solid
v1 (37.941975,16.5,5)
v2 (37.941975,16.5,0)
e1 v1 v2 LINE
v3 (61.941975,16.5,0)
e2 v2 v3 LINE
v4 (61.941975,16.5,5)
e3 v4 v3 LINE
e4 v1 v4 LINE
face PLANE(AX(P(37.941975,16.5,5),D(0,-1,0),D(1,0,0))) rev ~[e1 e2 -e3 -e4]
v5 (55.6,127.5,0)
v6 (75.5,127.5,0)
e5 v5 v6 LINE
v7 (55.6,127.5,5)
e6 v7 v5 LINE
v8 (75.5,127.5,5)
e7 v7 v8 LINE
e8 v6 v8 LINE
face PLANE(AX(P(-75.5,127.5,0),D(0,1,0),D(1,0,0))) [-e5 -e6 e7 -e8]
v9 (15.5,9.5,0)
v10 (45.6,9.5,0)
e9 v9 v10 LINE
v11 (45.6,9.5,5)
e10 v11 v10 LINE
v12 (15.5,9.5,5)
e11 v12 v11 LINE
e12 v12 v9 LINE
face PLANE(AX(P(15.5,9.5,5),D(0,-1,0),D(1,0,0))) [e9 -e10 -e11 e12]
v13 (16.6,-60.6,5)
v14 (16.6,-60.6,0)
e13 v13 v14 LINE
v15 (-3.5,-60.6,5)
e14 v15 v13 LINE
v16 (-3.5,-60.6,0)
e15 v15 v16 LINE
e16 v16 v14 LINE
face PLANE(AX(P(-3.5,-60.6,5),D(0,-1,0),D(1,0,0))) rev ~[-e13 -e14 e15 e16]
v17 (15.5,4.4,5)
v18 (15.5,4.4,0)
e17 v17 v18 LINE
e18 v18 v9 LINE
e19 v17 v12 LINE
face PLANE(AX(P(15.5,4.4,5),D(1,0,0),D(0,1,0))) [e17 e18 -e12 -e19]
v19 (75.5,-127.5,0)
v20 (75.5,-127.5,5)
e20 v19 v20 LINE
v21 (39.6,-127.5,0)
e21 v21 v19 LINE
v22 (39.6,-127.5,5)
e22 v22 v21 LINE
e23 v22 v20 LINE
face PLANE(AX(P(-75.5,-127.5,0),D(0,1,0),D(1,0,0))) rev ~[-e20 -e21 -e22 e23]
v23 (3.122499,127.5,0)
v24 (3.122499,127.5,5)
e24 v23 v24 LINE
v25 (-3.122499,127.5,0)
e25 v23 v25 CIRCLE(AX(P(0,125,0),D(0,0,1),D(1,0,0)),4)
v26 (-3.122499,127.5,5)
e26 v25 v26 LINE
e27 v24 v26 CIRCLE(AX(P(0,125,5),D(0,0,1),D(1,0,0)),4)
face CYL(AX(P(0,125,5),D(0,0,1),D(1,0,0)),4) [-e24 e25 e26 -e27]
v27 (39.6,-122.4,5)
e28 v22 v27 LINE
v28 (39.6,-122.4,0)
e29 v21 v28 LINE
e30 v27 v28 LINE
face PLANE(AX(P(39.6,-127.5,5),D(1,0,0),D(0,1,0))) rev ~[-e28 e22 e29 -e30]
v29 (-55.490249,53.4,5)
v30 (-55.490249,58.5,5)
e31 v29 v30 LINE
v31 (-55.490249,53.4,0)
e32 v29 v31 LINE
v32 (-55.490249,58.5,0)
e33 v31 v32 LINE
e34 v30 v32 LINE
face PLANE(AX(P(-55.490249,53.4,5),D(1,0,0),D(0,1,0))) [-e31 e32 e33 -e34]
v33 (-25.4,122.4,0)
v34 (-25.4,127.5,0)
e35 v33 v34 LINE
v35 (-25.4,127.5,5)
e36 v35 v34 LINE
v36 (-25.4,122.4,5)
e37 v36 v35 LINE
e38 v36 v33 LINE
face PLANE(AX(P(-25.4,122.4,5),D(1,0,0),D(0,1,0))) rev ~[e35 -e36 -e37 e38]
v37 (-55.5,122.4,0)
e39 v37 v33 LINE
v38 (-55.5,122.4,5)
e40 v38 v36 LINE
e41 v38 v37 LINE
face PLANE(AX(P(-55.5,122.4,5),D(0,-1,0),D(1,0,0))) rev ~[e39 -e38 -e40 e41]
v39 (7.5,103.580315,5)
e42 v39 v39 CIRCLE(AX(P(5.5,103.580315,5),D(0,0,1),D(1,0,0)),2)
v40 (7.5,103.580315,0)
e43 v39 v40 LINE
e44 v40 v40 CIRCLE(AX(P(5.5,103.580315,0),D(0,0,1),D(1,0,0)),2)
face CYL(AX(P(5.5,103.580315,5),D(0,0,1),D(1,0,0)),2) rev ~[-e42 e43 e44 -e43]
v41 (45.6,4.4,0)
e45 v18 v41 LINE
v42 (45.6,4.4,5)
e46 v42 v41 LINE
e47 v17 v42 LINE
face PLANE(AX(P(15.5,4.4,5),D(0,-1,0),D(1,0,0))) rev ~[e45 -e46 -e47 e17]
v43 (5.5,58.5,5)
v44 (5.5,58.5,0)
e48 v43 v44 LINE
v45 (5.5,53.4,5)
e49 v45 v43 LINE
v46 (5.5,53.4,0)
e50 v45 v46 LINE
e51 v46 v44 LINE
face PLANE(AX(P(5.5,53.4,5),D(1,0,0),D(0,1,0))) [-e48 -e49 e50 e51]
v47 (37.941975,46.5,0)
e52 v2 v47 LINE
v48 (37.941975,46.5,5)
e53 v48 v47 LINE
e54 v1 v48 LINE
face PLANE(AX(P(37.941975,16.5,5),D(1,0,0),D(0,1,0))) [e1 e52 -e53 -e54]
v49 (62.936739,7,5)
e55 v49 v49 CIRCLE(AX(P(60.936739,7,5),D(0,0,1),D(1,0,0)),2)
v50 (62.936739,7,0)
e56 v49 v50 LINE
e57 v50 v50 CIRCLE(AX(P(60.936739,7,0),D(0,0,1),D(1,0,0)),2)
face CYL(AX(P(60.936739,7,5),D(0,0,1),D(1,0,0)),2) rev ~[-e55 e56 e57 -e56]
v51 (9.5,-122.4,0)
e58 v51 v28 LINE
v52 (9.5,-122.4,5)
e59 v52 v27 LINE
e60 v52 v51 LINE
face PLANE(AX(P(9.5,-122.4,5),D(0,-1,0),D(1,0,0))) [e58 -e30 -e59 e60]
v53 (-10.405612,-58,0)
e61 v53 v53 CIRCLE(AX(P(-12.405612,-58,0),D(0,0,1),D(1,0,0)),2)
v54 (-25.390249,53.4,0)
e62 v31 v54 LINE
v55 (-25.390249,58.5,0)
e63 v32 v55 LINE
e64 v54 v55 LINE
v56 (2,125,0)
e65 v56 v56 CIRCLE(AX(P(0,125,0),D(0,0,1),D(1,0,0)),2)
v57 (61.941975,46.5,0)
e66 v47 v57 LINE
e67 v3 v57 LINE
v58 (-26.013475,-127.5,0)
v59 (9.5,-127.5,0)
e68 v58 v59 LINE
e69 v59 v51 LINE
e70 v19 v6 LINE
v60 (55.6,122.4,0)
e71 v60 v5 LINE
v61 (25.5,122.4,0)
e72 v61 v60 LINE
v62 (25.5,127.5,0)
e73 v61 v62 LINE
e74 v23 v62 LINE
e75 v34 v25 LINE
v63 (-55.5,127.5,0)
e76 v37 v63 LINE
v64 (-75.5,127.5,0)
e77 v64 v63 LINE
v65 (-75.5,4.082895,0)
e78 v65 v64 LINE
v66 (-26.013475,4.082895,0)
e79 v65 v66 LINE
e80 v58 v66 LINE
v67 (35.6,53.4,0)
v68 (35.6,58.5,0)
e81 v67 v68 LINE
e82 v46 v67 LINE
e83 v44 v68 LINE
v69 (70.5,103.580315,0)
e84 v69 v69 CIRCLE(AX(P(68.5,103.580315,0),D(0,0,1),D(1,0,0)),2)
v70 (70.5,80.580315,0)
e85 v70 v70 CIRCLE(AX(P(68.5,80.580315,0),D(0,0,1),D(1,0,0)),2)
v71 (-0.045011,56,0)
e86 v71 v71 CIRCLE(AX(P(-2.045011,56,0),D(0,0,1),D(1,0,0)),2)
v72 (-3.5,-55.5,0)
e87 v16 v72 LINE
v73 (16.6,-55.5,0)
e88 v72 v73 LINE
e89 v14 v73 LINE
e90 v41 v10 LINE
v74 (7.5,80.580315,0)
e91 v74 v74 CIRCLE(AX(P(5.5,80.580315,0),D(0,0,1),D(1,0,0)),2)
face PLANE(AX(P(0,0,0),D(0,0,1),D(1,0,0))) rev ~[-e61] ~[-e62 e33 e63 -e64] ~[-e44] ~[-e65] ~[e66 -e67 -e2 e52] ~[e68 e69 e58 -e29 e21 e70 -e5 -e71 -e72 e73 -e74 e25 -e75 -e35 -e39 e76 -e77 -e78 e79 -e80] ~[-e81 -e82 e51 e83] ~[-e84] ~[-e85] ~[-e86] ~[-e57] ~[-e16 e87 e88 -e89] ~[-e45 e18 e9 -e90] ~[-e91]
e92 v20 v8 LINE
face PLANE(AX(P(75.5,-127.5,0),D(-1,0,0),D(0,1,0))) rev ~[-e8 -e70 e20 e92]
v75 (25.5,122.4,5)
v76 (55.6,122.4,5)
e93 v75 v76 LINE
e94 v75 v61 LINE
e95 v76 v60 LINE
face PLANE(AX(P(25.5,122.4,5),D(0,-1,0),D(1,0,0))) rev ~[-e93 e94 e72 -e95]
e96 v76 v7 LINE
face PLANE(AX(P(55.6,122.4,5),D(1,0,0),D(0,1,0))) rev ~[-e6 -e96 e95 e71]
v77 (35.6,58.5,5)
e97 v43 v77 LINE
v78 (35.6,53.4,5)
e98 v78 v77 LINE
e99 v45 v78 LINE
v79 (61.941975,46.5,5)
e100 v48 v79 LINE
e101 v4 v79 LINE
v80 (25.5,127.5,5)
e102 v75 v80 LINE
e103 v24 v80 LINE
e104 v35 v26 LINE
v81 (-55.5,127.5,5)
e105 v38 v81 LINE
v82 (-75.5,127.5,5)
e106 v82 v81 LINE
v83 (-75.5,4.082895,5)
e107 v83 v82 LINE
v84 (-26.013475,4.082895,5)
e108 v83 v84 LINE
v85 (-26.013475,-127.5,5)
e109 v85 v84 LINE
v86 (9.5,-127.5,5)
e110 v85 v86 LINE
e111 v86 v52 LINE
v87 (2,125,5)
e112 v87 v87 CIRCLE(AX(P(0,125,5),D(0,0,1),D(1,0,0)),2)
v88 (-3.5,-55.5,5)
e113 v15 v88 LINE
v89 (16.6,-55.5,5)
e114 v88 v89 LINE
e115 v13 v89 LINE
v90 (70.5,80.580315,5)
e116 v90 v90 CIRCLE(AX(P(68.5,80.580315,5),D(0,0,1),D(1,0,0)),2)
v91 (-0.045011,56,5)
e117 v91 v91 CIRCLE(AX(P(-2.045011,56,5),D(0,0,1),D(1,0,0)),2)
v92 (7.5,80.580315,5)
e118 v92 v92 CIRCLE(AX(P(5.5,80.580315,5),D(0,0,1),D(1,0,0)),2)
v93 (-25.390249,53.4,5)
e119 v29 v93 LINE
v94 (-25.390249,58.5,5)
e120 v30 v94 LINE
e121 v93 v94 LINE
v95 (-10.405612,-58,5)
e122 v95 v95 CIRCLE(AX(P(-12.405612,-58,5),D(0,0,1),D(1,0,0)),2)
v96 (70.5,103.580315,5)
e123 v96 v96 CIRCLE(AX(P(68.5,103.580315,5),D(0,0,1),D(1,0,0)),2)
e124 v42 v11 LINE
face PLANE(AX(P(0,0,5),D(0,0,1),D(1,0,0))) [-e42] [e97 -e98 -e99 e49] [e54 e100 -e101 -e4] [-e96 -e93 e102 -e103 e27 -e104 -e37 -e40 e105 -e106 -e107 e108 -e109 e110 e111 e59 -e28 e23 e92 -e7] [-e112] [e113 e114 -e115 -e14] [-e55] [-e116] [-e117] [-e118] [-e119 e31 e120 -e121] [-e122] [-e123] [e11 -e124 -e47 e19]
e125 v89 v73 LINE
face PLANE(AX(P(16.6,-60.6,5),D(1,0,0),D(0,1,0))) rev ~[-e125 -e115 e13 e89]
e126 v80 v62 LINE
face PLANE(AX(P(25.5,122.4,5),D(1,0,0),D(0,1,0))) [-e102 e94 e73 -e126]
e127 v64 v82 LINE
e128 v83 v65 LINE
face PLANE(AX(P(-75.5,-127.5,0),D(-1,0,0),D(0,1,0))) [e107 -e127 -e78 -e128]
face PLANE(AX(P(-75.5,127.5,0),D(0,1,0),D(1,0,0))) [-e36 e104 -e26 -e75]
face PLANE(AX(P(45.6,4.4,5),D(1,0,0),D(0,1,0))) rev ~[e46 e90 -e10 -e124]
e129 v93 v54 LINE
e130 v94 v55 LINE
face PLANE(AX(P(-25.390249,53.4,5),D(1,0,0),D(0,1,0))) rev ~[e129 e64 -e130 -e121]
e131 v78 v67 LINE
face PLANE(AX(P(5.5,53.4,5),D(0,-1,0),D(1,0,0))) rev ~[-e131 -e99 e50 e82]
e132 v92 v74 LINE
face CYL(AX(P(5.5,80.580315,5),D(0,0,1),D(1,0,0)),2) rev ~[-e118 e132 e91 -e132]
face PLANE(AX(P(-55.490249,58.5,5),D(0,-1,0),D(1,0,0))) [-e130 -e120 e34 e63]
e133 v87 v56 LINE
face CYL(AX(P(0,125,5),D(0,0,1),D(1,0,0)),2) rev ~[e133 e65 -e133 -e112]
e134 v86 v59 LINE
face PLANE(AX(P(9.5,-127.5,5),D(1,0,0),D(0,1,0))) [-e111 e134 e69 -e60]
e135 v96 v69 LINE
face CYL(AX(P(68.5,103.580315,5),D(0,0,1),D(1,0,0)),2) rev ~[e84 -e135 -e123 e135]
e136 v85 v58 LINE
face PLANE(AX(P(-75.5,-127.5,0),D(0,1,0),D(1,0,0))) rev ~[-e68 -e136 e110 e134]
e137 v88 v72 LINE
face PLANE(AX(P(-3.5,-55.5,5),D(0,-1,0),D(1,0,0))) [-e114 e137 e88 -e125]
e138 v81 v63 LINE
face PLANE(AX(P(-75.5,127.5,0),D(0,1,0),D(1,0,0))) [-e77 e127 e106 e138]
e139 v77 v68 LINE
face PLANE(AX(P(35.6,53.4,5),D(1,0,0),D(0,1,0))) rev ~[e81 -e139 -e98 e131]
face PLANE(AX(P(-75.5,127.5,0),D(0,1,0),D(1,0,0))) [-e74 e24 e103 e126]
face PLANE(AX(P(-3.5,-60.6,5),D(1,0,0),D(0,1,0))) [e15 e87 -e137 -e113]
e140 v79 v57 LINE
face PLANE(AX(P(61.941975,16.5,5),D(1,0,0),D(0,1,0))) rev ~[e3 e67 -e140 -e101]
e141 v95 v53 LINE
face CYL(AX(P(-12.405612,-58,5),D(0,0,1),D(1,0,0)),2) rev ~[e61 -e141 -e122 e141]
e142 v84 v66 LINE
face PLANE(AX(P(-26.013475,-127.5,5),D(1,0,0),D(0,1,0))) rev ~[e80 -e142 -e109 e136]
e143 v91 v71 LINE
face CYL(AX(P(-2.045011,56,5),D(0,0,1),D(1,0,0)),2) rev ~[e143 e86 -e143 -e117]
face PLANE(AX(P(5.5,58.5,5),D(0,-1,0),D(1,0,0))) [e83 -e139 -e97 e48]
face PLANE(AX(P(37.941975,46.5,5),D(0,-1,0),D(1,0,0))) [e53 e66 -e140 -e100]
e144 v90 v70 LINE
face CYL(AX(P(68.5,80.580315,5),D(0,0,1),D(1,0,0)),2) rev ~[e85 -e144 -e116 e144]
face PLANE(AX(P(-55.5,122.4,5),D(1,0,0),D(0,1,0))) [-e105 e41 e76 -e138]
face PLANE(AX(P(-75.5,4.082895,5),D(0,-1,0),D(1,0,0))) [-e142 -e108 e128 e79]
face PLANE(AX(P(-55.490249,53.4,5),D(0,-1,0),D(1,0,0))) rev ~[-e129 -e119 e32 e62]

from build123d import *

# Parameters (mm, degrees)
SKETCH1_W           = 151
SKETCH1_H           = 255
BOSS_EXTRUDE1_DEPTH = 5
SKETCH2_W           = 49.486524855
SKETCH2_H           = 131.582895272
CUT_EXTRUDE1_DEPTH  = 5
SKETCH3_W           = 30.1
SKETCH3_H           = 5.1
SKETCH3_W_2         = 20.1
CUT_EXTRUDE2_DEPTH  = 5
SKETCH4_R           = 2
CUT_EXTRUDE3_DEPTH  = 5
SKETCH5_R           = 4
SKETCH5_R_2         = 2
BOSS_EXTRUDE2_DEPTH = 5
SKETCH6_W           = 24
SKETCH6_H           = 30
CUT_EXTRUDE4_DEPTH  = 5
SKETCH7_R           = 2
CUT_EXTRUDE5_DEPTH  = 10


with BuildPart() as part:
    # Sketch1 → Boss-Extrude1 (new body)
    with BuildSketch(Plane.XY):
        Rectangle(SKETCH1_W, SKETCH1_H)
    extrude(amount=BOSS_EXTRUDE1_DEPTH)

    # Sketch2 → Cut-Extrude1 (cut)
    with BuildSketch(Plane.XY.offset(5)):
        with Locations((-50.756737573, -61.708552364)):
            Rectangle(SKETCH2_W, SKETCH2_H)
    extrude(amount=-CUT_EXTRUDE1_DEPTH, mode=Mode.SUBTRACT)

    # Sketch3 → Cut-Extrude2 (cut)
    with BuildSketch(Plane.XY.offset(5)):
        with Locations((-40.45, 124.95)):
            Rectangle(SKETCH3_W, SKETCH3_H)
        with Locations((40.55, 124.95)):
            Rectangle(SKETCH3_W, SKETCH3_H)
        with Locations((-40.440248728, 55.95)):
            Rectangle(SKETCH3_W, SKETCH3_H)
        with Locations((20.55, 55.95)):
            Rectangle(SKETCH3_W, SKETCH3_H)
        with Locations((30.55, 6.95)):
            Rectangle(SKETCH3_W, SKETCH3_H)
        with Locations((6.55, -58.05)):
            Rectangle(SKETCH3_W_2, SKETCH3_H)
        with Locations((24.55, -124.95)):
            Rectangle(SKETCH3_W, SKETCH3_H)
    extrude(amount=-CUT_EXTRUDE2_DEPTH, mode=Mode.SUBTRACT)

    # Sketch4 → Cut-Extrude3 (cut)
    with BuildSketch(Plane.XY.offset(5)):
        with Locations((0, 125)):
            Circle(SKETCH4_R)
        with Locations((-2.045010771, 56)):
            Circle(SKETCH4_R)
        with Locations((60.936739195, 7)):
            Circle(SKETCH4_R)
        with Locations((-12.405611853, -58)):
            Circle(SKETCH4_R)
    extrude(amount=-CUT_EXTRUDE3_DEPTH, mode=Mode.SUBTRACT)

    # Sketch5 → Boss-Extrude2 (add)
    with BuildSketch(Plane.XY.offset(5)):
        with Locations((0, 125)):
            Circle(SKETCH5_R)
        with Locations((0, 125)):
            Circle(SKETCH5_R_2, mode=Mode.SUBTRACT)
    extrude(amount=-BOSS_EXTRUDE2_DEPTH)

    # Sketch6 → Cut-Extrude4 (cut)
    with BuildSketch(Plane.XY.offset(5)):
        with Locations((49.941975166, 31.5)):
            Rectangle(SKETCH6_W, SKETCH6_H)
    extrude(amount=-CUT_EXTRUDE4_DEPTH, mode=Mode.SUBTRACT)

    # Sketch7 → Cut-Extrude5 (cut)
    with BuildSketch(Plane.XY.offset(5)):
        with Locations((68.5, 103.580315126)):
            Circle(SKETCH7_R)
        with Locations((5.5, 80.580315126)):
            Circle(SKETCH7_R)
        with Locations((5.5, 103.580315126)):
            Circle(SKETCH7_R)
        with Locations((68.5, 80.580315126)):
            Circle(SKETCH7_R)
    extrude(amount=-CUT_EXTRUDE5_DEPTH, mode=Mode.SUBTRACT)


solid = part.part
